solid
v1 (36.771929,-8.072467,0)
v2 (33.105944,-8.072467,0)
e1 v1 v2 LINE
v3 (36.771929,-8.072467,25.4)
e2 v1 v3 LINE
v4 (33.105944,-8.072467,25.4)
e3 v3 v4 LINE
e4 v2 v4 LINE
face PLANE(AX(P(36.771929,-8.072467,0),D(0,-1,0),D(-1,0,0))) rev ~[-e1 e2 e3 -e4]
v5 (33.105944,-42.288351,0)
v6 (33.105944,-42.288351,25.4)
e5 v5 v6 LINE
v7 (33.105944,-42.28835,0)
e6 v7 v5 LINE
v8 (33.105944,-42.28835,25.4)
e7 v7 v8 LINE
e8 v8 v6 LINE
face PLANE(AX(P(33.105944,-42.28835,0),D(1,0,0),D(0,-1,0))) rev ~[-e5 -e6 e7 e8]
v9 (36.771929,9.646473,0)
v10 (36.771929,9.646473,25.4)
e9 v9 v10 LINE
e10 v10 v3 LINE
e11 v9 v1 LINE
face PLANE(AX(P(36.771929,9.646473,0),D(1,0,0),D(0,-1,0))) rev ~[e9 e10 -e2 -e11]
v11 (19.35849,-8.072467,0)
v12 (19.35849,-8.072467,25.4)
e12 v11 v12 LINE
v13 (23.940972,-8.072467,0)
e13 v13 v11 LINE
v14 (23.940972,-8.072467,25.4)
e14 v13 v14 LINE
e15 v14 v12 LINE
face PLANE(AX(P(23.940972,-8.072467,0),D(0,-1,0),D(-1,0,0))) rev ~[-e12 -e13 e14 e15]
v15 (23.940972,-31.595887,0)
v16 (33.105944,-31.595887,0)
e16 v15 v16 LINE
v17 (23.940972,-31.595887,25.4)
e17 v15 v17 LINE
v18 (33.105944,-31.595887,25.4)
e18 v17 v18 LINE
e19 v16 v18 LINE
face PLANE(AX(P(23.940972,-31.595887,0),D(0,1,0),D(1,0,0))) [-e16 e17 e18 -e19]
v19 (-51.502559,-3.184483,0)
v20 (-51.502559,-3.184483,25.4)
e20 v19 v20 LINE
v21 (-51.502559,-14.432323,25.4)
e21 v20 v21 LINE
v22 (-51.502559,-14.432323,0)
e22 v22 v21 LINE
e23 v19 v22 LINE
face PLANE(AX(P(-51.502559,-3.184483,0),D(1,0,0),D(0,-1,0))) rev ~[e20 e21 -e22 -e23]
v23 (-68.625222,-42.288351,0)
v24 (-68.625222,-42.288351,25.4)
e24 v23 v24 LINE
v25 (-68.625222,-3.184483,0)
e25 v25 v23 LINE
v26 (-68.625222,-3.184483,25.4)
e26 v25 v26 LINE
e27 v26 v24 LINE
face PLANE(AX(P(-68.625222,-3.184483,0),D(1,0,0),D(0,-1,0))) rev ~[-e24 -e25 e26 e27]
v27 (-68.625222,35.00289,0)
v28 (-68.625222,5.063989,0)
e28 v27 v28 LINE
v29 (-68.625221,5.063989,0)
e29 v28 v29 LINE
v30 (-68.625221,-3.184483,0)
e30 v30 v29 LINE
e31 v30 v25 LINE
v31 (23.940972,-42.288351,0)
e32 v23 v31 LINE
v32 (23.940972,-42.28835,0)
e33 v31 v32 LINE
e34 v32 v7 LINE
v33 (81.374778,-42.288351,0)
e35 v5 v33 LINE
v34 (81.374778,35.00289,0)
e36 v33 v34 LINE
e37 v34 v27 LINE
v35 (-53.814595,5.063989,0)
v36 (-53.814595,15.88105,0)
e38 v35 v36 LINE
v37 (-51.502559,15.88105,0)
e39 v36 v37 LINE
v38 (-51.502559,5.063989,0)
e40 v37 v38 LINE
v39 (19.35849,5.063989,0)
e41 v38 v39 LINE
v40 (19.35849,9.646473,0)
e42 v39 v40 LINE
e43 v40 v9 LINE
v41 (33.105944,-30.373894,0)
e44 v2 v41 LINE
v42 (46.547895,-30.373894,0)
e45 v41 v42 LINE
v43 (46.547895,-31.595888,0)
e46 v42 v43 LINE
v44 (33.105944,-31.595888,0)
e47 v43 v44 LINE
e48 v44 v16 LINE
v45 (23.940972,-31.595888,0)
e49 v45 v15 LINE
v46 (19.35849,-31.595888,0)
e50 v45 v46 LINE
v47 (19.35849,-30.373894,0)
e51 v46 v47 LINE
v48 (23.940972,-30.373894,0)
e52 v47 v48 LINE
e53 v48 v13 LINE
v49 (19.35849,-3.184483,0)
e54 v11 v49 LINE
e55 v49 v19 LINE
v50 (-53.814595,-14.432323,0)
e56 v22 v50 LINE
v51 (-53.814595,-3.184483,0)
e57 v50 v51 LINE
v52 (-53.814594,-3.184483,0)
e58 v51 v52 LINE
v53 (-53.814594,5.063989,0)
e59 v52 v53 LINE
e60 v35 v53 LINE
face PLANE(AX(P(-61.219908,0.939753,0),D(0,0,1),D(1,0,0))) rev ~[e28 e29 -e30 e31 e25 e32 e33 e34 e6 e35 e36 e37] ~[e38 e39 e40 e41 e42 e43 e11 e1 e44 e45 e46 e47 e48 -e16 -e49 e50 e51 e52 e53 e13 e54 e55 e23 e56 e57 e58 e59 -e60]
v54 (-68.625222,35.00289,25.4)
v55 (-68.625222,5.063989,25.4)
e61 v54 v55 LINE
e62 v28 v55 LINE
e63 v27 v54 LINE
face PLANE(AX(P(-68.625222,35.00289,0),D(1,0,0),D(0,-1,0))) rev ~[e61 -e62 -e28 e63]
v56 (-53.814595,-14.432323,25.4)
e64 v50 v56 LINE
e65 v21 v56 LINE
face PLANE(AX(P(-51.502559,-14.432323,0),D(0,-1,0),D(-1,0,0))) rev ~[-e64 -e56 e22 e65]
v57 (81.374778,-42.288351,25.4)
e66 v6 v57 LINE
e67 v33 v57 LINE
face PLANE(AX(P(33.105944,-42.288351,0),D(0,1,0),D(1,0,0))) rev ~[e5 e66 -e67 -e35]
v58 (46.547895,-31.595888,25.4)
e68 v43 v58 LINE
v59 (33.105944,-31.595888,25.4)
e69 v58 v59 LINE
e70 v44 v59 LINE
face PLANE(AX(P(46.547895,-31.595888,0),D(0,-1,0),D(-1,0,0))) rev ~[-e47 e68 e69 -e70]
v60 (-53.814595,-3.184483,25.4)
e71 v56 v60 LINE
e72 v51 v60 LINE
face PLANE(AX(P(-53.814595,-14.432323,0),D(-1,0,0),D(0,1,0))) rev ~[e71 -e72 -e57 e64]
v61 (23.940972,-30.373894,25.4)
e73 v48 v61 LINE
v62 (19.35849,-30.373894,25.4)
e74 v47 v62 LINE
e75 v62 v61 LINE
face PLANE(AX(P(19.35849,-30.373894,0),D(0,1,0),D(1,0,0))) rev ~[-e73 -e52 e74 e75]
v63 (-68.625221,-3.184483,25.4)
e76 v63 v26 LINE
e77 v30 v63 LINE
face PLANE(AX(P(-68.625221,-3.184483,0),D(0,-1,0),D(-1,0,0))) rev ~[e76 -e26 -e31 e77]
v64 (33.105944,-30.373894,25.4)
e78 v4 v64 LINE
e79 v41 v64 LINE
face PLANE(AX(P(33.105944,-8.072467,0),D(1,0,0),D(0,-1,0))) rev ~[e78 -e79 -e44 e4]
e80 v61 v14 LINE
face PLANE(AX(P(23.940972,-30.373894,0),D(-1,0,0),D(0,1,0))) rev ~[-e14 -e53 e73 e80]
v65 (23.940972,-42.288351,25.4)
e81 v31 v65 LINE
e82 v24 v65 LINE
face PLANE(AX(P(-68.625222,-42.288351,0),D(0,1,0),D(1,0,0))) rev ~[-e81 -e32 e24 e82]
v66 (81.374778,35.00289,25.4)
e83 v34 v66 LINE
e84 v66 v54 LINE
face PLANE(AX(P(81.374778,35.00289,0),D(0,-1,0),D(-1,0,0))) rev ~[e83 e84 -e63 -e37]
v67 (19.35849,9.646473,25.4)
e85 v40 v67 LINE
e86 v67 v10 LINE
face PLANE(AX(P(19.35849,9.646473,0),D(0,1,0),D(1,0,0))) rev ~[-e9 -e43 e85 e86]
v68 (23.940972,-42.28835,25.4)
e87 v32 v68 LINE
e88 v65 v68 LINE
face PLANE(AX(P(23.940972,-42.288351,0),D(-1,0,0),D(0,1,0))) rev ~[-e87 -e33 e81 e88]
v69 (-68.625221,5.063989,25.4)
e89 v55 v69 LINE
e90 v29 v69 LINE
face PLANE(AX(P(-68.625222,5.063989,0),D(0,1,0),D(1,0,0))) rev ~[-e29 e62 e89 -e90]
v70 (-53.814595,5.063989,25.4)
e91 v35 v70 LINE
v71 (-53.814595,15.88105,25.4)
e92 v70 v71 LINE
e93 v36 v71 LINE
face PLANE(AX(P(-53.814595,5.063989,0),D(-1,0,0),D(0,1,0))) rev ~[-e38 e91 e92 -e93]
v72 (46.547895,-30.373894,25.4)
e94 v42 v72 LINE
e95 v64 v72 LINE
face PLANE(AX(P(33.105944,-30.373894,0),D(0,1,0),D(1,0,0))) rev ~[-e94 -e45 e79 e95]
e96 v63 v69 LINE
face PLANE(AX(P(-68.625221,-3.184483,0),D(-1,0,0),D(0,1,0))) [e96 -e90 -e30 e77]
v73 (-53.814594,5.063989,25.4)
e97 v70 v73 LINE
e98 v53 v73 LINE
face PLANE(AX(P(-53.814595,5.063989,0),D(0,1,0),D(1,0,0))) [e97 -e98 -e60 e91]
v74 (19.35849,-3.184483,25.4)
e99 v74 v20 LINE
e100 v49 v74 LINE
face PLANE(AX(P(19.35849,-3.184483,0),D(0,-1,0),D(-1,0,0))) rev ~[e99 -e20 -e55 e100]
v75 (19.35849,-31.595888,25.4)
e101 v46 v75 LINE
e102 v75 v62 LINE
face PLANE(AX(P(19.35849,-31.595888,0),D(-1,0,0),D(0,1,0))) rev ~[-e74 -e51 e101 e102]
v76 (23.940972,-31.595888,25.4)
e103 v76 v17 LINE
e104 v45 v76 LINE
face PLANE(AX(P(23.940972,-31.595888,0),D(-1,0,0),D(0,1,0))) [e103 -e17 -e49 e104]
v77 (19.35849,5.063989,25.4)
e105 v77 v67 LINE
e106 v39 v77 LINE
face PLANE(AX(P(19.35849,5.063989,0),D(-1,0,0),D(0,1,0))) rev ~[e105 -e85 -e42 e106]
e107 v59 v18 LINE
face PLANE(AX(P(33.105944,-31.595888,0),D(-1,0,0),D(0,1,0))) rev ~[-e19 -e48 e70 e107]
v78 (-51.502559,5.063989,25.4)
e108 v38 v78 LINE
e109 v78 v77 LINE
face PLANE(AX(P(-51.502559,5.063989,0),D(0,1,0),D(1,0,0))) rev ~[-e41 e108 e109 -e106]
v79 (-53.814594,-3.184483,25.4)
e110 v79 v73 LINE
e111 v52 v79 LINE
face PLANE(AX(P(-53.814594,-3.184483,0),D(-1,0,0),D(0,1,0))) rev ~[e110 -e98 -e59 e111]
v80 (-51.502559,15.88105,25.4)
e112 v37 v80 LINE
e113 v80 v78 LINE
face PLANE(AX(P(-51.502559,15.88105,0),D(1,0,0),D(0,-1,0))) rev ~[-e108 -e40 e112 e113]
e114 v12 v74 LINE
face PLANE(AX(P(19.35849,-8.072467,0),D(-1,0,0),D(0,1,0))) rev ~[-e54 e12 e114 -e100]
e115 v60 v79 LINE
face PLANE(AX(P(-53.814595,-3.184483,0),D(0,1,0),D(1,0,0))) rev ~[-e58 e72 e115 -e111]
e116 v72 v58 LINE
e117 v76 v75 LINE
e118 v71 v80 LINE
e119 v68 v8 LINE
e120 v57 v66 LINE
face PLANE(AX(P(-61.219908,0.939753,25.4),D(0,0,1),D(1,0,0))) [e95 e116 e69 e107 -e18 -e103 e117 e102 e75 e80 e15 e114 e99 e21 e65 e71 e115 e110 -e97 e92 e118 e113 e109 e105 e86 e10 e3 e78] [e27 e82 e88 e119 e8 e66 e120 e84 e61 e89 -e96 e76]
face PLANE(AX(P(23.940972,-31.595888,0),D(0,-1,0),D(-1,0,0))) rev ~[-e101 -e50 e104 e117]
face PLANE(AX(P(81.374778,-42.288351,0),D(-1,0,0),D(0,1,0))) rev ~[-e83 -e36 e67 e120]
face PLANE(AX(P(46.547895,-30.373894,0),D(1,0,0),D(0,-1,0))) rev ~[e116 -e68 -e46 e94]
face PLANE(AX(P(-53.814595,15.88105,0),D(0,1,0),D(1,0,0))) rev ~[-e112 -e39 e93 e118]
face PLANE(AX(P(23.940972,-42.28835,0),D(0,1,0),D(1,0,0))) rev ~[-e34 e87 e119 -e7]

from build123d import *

# Parameters (mm, degrees)
F0_W     = 14.810627
F0_H     = 8.248472
F0_W_2   = 9.164972
F0_H_2   = 10.692463
F1_DEPTH = 25.4


with BuildPart() as f1:
    # F0 (on Top) → F1 (new body)
    with BuildSketch(Plane.XY):
        with Locations((-61.219908, 0.939753)):
            Rectangle(F0_W, F0_H)
        with Locations((28.523458, -36.942119)):
            Rectangle(F0_W_2, F0_H_2)
        Polygon((-53.814595, -3.184483), (-68.625222, -3.184483), (-68.625222, -42.288351), (23.940972, -42.288351), (23.940972, -31.595888), (19.35849, -31.595888), (19.35849, -30.373894), (23.940972, -30.373894), (23.940972, -8.072467), (19.35849, -8.072467), (19.35849, -3.184483), (-51.502559, -3.184483), (-51.502559, -14.432323), (-53.814595, -14.432323), align=None)
        Polygon((81.374778, 35.00289), (-68.625222, 35.00289), (-68.625222, 5.063989), (-53.814595, 5.063989), (-53.814595, 15.88105), (-51.502559, 15.88105), (-51.502559, 5.063989), (19.35849, 5.063989), (19.35849, 9.646473), (36.771929, 9.646473), (36.771929, -8.072467), (33.105944, -8.072467), (33.105944, -30.373894), (46.547895, -30.373894), (46.547895, -31.595888), (33.105944, -31.595888), (33.105944, -42.288351), (81.374778, -42.288351), align=None)
    extrude(amount=F1_DEPTH)


solid = f1.part
